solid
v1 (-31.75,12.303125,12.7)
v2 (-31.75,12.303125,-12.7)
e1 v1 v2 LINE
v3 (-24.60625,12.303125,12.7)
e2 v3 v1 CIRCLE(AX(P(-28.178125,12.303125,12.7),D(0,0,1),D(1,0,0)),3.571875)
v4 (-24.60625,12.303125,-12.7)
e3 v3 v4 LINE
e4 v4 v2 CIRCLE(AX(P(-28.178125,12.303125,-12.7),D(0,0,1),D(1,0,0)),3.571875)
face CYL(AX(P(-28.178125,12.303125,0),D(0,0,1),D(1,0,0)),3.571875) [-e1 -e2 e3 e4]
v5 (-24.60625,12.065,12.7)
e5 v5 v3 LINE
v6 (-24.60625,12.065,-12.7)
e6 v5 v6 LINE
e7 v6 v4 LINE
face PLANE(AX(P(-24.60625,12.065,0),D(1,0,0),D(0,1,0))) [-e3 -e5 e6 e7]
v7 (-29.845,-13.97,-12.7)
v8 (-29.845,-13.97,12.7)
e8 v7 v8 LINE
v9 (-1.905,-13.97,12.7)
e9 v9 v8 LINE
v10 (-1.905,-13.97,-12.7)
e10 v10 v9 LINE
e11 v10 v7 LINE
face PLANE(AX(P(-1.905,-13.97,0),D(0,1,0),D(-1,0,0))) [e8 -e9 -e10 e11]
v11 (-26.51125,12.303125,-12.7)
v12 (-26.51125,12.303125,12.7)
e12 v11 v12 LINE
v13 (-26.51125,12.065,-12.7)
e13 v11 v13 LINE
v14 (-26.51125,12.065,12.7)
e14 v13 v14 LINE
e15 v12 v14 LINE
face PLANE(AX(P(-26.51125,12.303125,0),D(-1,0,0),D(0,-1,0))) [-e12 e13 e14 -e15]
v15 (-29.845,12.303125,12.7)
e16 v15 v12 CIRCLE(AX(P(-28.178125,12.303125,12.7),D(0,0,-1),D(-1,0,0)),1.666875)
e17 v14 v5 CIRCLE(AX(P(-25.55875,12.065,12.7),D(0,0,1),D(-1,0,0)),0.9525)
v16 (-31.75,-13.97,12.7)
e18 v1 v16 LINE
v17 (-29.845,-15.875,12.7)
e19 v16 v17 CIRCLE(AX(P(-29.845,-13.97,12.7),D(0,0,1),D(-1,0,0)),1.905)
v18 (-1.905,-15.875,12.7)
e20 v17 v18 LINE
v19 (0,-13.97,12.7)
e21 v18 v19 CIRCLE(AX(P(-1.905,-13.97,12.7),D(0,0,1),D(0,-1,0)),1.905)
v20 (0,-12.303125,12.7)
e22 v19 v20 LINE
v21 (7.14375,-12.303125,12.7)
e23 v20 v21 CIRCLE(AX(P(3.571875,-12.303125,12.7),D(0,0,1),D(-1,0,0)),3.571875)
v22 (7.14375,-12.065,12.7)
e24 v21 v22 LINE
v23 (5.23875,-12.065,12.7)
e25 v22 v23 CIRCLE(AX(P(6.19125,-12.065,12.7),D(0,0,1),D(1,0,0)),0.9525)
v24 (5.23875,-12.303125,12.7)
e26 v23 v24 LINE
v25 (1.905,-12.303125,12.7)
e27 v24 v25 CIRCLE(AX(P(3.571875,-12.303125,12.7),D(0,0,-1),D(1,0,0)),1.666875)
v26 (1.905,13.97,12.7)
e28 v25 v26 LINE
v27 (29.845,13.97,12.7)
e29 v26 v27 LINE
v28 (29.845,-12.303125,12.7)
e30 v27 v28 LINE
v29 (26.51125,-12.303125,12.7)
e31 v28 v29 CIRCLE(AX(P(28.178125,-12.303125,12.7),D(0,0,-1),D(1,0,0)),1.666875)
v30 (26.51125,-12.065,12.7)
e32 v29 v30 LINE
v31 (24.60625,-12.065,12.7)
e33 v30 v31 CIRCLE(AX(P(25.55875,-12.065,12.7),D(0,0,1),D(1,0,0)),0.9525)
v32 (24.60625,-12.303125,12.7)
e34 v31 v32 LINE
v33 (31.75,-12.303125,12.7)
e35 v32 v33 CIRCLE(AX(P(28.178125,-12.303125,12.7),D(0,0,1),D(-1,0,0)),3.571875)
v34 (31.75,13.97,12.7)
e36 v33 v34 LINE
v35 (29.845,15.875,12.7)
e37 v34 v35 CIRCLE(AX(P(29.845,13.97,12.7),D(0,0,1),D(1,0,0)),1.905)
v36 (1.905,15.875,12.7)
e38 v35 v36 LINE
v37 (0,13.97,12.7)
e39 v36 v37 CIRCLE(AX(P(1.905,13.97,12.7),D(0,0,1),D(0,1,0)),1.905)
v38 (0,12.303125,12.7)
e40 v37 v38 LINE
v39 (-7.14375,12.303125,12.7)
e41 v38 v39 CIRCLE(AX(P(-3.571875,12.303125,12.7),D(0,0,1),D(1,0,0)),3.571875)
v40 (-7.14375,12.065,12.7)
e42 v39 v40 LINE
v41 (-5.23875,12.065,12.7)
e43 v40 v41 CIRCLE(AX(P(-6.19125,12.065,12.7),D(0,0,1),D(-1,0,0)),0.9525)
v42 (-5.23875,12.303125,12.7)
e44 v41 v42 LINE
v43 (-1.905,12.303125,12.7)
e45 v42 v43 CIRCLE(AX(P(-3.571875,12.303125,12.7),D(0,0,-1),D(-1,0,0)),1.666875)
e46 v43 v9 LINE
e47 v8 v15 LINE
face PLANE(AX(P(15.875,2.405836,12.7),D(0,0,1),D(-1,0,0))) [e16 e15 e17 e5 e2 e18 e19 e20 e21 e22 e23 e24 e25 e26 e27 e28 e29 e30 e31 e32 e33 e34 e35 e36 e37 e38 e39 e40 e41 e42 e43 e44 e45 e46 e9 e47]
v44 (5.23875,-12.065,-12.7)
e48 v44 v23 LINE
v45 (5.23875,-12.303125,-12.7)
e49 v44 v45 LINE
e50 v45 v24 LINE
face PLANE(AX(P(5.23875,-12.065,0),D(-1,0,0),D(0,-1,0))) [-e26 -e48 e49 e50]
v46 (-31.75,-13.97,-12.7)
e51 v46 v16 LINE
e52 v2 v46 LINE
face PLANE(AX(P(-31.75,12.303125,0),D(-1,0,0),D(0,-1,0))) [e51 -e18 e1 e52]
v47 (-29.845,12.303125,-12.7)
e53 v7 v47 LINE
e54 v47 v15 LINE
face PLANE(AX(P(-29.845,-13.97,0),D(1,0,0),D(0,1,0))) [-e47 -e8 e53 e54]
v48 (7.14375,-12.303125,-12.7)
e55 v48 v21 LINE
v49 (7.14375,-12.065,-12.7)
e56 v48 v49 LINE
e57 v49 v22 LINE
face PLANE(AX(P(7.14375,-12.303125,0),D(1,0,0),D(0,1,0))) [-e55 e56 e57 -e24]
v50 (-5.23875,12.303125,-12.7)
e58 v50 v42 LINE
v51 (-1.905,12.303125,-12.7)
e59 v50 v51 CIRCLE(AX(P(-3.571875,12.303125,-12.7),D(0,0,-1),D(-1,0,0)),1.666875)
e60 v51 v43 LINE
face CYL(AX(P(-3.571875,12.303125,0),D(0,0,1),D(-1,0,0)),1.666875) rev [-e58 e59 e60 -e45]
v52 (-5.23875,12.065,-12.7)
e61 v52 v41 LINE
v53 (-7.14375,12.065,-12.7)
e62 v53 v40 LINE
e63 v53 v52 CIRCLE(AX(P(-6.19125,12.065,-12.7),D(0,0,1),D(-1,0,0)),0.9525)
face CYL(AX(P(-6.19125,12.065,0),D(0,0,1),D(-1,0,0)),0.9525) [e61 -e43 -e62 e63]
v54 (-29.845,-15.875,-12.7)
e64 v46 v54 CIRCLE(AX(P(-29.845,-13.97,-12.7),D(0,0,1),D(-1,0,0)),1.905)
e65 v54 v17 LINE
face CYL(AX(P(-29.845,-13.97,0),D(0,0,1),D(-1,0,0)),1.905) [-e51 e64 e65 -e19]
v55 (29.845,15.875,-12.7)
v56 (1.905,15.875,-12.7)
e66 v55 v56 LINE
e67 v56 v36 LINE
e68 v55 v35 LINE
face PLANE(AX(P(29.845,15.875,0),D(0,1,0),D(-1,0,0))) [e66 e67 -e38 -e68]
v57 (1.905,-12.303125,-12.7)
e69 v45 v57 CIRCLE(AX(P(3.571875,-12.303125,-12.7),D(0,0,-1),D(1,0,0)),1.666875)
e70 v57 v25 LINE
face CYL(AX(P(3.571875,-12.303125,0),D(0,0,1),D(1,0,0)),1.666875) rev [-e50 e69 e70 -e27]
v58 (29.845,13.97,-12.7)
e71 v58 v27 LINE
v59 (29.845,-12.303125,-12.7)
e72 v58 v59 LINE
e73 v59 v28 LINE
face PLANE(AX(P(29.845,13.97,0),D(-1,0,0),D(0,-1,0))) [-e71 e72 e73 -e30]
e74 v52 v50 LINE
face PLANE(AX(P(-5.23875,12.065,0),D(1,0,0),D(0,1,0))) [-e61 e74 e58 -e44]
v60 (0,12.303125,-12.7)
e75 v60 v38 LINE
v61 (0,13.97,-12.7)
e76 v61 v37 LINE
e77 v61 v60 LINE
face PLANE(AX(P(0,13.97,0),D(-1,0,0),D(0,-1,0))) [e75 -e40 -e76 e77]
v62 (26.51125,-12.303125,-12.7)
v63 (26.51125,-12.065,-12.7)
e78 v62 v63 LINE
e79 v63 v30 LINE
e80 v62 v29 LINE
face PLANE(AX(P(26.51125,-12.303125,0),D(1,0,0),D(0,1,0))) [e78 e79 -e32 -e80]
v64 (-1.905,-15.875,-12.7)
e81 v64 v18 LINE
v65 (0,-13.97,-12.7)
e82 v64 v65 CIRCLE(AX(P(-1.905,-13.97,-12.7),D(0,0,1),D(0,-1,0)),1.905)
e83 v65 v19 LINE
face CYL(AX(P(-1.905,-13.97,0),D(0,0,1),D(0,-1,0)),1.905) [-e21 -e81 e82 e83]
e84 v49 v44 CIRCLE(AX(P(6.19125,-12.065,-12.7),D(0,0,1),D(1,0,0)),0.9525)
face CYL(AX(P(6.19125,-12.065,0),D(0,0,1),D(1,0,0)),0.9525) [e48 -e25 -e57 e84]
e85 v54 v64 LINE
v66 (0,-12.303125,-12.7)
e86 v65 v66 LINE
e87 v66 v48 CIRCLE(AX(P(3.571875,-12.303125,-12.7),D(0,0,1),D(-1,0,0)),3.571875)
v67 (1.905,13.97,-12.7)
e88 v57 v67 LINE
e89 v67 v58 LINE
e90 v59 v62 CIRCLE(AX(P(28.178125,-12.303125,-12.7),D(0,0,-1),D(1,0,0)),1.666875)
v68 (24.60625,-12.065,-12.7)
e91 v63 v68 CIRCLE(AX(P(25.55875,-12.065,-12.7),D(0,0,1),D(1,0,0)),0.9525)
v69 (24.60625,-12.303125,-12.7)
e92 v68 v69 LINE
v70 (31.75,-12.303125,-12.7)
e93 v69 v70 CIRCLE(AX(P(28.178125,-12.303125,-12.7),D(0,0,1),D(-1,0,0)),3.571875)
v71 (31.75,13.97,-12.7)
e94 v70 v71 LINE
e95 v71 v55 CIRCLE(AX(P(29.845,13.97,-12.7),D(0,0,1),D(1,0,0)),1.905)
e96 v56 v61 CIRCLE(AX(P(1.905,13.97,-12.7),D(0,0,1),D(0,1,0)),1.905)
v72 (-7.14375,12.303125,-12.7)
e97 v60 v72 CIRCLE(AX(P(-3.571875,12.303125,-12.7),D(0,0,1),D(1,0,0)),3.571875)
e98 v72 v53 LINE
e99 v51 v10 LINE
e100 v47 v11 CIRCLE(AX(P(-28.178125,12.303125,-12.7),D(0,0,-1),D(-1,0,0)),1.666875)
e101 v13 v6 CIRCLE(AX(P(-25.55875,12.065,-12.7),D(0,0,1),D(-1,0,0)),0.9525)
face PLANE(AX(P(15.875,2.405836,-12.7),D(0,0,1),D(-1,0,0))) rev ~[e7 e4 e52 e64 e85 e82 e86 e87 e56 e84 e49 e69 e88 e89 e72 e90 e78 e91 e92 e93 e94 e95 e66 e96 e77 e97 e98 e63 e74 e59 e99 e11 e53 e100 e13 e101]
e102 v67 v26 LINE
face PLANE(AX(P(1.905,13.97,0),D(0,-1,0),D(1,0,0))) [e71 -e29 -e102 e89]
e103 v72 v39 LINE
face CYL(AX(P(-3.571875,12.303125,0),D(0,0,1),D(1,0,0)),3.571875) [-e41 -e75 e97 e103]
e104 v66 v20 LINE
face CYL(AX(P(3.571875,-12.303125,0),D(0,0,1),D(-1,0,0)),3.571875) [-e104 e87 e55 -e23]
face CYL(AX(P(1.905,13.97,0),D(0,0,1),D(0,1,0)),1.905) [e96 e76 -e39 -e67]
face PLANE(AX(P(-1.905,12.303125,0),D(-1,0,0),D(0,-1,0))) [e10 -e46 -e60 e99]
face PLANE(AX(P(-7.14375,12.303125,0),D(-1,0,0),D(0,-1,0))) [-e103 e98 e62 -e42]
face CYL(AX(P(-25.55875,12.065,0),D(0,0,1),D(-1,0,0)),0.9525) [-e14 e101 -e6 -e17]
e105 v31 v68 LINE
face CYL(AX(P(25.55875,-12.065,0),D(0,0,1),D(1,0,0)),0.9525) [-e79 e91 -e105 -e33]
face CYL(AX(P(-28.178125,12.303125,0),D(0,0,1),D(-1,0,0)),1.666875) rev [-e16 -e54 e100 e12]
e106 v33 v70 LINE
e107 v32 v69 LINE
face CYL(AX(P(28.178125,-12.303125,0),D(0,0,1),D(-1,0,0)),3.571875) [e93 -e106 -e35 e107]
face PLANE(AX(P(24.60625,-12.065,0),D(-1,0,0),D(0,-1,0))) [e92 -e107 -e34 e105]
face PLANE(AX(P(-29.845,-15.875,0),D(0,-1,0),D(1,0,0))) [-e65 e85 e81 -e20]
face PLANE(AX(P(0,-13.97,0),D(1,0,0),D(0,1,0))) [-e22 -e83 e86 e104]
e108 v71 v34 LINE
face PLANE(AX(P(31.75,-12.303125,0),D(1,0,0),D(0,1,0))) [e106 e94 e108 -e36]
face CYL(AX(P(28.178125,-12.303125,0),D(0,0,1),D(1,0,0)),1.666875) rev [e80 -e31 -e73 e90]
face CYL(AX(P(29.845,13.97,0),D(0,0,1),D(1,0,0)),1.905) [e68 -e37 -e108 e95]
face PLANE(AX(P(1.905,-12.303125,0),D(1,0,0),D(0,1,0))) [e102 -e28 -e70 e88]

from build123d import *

# Parameters (mm, degrees)
BASE_EXTRUDE_DEPTH = 12.7
CIRPATTERN1_COUNT  = 2


with BuildPart() as part:
    # Sketch1 → Base-Extrude (new, symmetric)
    with BuildSketch(Plane.XY):
        with BuildLine():
            Line((-31.75, 12.303125), (-31.75, -13.97))
            ThreePointArc((-31.75, -13.97), (-31.192038418, -15.317038418), (-29.845, -15.875))
            Line((-29.845, -15.875), (-1.905, -15.875))
            ThreePointArc((-1.905, -15.875), (-0.557961582, -15.317038418), (0, -13.97))
            Line((0, -13.97), (0, 12.303125))
            ThreePointArc((0, 12.303125), (-3.571875, 15.875), (-7.14375, 12.303125))
            Line((-7.14375, 12.303125), (-7.14375, 12.065))
            ThreePointArc((-7.14375, 12.065), (-6.19125, 11.1125), (-5.23875, 12.065))
            Line((-5.23875, 12.065), (-5.23875, 12.303125))
            ThreePointArc((-5.23875, 12.303125), (-3.571875, 13.97), (-1.905, 12.303125))
            Line((-1.905, 12.303125), (-1.905, -13.97))
            Line((-1.905, -13.97), (-29.845, -13.97))
            Line((-29.845, -13.97), (-29.845, 12.303125))
            ThreePointArc((-29.845, 12.303125), (-28.178125, 13.97), (-26.51125, 12.303125))
            Line((-26.51125, 12.303125), (-26.51125, 12.065))
            ThreePointArc((-26.51125, 12.065), (-25.55875, 11.1125), (-24.60625, 12.065))
            Line((-24.60625, 12.065), (-24.60625, 12.303125))
            ThreePointArc((-24.60625, 12.303125), (-28.178125, 15.875), (-31.75, 12.303125))
        make_face()
    base_extrude = extrude(amount=BASE_EXTRUDE_DEPTH, both=True)

    # CirPattern1: Base-Extrude ×2 about axis
    cirpattern1_axis = Axis((0, 0, 0), (0, 0, 1))
    for i in range(1, CIRPATTERN1_COUNT):
        add(base_extrude.rotate(cirpattern1_axis, i * 360 / CIRPATTERN1_COUNT))


solid = part.part
